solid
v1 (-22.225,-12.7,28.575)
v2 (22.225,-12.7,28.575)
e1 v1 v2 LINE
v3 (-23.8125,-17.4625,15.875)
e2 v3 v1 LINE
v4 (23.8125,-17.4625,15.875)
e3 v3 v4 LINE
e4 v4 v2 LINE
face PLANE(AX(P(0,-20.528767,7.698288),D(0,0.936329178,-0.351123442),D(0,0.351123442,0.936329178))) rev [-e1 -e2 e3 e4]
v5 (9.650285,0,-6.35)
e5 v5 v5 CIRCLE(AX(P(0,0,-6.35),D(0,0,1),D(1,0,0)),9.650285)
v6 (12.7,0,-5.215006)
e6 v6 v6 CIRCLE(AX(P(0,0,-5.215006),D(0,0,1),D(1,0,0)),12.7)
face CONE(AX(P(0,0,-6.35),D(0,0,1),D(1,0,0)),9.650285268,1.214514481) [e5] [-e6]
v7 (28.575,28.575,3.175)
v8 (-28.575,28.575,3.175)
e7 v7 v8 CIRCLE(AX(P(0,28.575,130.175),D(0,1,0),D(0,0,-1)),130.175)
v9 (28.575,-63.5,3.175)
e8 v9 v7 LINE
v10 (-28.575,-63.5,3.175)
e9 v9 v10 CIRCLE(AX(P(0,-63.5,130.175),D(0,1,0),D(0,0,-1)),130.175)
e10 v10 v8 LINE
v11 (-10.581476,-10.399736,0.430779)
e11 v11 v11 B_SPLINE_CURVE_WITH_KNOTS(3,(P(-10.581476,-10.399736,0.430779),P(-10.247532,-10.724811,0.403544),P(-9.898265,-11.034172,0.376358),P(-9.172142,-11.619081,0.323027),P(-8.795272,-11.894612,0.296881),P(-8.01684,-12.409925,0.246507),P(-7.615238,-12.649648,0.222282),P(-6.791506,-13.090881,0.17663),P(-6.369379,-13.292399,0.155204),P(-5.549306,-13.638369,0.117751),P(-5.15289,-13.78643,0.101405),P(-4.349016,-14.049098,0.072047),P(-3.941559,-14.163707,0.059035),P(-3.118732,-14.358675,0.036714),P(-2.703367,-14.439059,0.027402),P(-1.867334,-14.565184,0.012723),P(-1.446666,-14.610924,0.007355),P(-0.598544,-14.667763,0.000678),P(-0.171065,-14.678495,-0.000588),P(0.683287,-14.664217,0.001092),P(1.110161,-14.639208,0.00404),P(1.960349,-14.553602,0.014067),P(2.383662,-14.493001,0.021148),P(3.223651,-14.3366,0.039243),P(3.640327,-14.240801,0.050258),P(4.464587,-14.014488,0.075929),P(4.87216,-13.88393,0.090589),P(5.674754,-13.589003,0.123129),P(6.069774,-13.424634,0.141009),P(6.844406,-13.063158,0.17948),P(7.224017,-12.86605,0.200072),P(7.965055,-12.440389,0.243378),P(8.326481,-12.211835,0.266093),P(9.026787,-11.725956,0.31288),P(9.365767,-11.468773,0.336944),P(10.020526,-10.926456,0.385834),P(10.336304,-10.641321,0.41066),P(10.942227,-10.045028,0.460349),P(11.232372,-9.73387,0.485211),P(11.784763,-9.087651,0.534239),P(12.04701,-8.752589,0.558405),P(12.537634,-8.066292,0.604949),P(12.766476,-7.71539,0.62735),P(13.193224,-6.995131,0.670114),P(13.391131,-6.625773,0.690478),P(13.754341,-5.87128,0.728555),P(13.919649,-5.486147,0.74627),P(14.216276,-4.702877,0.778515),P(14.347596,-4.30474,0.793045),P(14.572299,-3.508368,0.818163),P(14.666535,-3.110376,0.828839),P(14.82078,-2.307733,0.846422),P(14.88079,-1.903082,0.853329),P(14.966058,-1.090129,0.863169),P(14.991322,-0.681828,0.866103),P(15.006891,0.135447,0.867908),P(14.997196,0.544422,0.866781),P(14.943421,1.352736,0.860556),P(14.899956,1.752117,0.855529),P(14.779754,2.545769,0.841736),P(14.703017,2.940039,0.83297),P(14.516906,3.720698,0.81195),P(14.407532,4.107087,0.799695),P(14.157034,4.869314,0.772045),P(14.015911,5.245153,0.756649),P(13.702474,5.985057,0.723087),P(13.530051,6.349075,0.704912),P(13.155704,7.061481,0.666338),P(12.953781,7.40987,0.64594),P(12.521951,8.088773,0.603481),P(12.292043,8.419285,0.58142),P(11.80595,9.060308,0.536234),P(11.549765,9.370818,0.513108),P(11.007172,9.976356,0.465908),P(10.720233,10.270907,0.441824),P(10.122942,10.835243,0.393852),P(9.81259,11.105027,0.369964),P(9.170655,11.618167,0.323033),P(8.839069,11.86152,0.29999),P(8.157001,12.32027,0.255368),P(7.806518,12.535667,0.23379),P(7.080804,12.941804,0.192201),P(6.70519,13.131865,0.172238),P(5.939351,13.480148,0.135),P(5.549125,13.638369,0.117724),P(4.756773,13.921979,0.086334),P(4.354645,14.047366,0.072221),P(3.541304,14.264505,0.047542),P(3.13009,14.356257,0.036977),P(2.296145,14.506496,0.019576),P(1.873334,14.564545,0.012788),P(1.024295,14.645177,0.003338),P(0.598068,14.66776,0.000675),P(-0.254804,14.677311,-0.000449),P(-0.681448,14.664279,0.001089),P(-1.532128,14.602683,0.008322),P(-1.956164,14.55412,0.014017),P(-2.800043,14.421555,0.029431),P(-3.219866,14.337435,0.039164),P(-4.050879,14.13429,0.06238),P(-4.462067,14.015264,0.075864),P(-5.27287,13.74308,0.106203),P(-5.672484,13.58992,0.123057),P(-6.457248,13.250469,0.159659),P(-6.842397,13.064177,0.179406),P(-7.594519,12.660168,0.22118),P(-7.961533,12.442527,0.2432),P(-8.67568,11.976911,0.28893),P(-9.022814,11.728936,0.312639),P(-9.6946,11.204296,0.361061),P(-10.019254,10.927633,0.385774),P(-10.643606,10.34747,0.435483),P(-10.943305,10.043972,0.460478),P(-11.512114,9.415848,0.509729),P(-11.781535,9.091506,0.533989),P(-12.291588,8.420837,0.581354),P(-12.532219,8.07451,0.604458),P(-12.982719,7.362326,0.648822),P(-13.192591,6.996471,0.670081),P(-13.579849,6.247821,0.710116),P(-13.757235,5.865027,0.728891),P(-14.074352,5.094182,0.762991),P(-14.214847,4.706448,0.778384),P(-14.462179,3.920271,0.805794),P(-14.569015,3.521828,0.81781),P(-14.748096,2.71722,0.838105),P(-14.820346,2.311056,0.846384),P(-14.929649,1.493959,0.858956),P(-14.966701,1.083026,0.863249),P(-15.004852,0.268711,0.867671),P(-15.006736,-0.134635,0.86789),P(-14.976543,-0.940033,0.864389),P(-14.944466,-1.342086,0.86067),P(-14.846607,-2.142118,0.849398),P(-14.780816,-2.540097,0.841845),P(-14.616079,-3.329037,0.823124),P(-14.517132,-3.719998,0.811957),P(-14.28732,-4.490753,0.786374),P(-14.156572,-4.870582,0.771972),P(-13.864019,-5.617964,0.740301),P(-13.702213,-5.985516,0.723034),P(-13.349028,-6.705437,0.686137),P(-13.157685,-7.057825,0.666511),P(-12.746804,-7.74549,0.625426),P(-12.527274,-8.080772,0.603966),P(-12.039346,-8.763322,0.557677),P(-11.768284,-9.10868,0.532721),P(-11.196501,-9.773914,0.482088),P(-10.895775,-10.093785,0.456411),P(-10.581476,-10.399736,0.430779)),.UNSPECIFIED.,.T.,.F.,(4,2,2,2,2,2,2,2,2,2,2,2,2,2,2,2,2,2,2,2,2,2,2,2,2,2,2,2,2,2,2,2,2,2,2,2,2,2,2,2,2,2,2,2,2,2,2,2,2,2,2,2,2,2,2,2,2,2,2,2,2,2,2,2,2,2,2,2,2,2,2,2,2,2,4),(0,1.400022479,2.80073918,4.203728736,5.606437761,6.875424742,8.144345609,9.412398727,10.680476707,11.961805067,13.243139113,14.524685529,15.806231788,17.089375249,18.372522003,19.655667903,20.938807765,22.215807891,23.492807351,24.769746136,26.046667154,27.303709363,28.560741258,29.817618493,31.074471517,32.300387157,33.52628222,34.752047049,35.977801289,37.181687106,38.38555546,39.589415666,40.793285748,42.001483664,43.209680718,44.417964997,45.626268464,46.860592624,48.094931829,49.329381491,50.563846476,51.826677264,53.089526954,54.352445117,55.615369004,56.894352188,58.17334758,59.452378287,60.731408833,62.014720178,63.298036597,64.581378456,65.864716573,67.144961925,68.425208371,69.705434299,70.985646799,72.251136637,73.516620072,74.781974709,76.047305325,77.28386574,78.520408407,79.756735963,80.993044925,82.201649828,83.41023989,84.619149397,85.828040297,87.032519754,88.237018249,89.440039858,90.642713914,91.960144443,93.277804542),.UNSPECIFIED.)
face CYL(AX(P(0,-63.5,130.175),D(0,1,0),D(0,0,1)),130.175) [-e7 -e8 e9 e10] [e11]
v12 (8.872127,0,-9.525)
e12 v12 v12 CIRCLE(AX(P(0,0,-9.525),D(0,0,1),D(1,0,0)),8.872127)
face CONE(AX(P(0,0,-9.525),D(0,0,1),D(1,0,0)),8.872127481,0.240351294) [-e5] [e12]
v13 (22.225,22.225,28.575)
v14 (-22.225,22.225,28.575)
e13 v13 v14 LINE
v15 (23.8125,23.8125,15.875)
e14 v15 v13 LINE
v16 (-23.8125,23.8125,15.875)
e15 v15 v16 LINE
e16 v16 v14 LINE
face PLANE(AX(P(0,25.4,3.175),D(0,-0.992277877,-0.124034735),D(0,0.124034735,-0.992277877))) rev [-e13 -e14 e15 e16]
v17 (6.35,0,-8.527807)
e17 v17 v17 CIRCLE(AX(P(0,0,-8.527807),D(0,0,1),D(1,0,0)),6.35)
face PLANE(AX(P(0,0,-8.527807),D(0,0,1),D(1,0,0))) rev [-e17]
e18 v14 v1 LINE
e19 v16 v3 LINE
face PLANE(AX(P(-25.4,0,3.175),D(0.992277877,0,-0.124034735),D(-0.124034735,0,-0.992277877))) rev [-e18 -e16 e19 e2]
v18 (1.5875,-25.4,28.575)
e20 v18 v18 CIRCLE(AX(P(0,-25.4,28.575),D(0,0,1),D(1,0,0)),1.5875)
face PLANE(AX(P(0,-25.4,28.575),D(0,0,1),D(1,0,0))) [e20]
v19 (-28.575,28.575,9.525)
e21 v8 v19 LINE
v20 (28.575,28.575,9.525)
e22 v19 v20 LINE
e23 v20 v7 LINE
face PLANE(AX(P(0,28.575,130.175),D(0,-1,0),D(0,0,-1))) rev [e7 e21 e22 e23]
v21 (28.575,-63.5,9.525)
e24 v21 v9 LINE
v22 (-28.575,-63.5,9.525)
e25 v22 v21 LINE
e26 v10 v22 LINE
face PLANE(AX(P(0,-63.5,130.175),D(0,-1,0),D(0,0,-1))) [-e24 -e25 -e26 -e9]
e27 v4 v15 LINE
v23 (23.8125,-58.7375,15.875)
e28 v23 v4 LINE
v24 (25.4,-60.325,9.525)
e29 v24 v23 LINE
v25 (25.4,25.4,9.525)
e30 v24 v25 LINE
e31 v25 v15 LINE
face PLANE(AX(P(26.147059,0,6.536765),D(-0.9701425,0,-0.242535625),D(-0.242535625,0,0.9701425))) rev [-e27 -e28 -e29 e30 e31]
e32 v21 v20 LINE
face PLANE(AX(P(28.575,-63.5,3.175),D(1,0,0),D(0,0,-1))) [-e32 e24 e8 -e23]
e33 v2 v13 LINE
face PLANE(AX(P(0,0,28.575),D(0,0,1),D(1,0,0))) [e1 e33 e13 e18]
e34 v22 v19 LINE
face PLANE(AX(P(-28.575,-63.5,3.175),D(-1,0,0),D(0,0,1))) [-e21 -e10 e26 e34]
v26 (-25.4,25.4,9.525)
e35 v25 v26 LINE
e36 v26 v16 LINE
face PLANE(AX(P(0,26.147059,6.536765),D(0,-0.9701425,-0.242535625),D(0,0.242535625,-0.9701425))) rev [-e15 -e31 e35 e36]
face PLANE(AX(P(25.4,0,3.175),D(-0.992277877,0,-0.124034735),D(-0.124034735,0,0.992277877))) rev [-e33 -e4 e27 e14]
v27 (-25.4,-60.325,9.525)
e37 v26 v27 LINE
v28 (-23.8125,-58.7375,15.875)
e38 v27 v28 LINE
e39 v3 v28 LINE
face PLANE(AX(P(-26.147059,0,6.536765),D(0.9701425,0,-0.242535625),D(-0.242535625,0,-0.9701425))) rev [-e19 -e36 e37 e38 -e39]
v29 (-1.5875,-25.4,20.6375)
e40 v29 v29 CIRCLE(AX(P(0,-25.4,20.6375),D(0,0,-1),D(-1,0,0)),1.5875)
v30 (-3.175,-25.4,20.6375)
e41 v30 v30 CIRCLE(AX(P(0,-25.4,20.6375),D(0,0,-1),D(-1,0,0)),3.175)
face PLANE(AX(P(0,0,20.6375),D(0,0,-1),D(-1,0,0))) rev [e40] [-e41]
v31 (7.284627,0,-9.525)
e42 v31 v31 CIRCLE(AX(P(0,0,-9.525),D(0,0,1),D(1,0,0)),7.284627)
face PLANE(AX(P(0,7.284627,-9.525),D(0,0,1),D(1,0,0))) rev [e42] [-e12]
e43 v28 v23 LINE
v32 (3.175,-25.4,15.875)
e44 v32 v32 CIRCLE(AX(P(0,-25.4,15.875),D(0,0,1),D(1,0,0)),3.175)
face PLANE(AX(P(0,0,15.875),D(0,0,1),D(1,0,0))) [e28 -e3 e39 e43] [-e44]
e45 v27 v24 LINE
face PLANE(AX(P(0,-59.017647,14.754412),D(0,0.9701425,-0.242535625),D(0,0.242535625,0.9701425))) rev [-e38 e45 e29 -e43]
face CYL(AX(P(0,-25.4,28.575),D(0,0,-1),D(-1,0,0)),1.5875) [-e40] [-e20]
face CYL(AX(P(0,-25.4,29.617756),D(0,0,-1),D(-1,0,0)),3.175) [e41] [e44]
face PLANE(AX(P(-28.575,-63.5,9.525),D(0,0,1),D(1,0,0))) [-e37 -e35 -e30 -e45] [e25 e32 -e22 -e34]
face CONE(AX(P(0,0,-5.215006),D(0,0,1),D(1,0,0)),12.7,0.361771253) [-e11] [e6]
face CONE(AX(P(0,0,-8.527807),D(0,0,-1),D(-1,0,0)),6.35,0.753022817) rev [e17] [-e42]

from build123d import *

# Parameters (mm, degrees)
BOSS_EXTRUDE1_DEPTH      = 28.575
BOSS_EXTRUDE1_DEPTH_BACK = 63.5
SKETCH4_W                = 50.8
SKETCH4_H                = 85.725
SKETCH5_W                = 47.625
SKETCH5_H                = 82.55
SKETCH7_W                = 47.625
SKETCH7_H                = 41.275
SKETCH6_W                = 44.45
SKETCH6_H                = 34.925
SKETCH8_R                = 1.5875
BOSS_EXTRUDE2_DEPTH      = 12.7
SKETCH10_R               = 3.175
BOSS_EXTRUDE3_DEPTH      = 4.7625


with BuildPart() as part:
    # Sketch1 → Boss-Extrude1 (new body, two sides)
    with BuildSketch(Plane(origin=(0, 0, 0), x_dir=(1, 0, 0), z_dir=(0, 1, 0))) as boss_extrude1_sk:
        with BuildLine():
            Line((-28.575, -3.175), (-28.575, -9.525))
            Line((-28.575, -9.525), (28.575, -9.525))
            Line((28.575, -9.525), (28.575, -3.175))
            ThreePointArc((28.575, -3.175), (0, 0), (-28.575, -3.175))
        make_face()
    extrude(amount=BOSS_EXTRUDE1_DEPTH)
    extrude(boss_extrude1_sk.sketch, amount=-BOSS_EXTRUDE1_DEPTH_BACK)

    # Sketch3 → Revolve1 (revolve)
    with BuildSketch(Plane(origin=(0, 0, 0), x_dir=(0, 0, -1), z_dir=(1, 0, 0)), mode=Mode.PRIVATE) as revolve1_sk:
        Polygon((-3.175, 15.875), (-3.175, 0), (8.52780731, 0), (8.52780731, 6.35), (9.525, 7.284627481), (9.525, 8.872127481), (6.35, 9.650285268), (5.215006498, 12.7), align=None)
    revolve(revolve1_sk.sketch.rotate(Axis((0, 0, 3.175), (0, 0, -1)), 90), axis=Axis((0, 0, 3.175), (0, 0, -1)))  # turned: the seam where the file's is

    # Sketch4 → Loft1 section 0
    with BuildSketch(Plane.XY.offset(9.525)):
        with Locations((0, -17.4625)):
            Rectangle(SKETCH4_W, SKETCH4_H)
    # Sketch5 → Loft1 section 1
    with BuildSketch(Plane.XY.offset(15.875)):
        with Locations((0, -17.4625)):
            Rectangle(SKETCH5_W, SKETCH5_H)
    loft()

    # Sketch7 → Loft2 section 0
    with BuildSketch(Plane.XY.offset(15.875)):
        with Locations((0, 3.175)):
            Rectangle(SKETCH7_W, SKETCH7_H)
    # Sketch6 → Loft2 section 1
    with BuildSketch(Plane.XY.offset(28.575)):
        with Locations((0, 4.7625)):
            Rectangle(SKETCH6_W, SKETCH6_H)
    loft()

    # Sketch8 → Boss-Extrude2 (add)
    with BuildSketch(Plane.XY.offset(15.875)):
        with Locations((0, -25.4)):
            Circle(SKETCH8_R)
    extrude(amount=BOSS_EXTRUDE2_DEPTH)

    # Sketch10 → Boss-Extrude3 (add)
    with BuildSketch(Plane.XY.offset(15.875)):
        with Locations(Location((0, -25.4, 0), (0, 0, 180))):  # turned: the seam where the file's is
            Circle(SKETCH10_R)
    extrude(amount=BOSS_EXTRUDE3_DEPTH)


solid = part.part
